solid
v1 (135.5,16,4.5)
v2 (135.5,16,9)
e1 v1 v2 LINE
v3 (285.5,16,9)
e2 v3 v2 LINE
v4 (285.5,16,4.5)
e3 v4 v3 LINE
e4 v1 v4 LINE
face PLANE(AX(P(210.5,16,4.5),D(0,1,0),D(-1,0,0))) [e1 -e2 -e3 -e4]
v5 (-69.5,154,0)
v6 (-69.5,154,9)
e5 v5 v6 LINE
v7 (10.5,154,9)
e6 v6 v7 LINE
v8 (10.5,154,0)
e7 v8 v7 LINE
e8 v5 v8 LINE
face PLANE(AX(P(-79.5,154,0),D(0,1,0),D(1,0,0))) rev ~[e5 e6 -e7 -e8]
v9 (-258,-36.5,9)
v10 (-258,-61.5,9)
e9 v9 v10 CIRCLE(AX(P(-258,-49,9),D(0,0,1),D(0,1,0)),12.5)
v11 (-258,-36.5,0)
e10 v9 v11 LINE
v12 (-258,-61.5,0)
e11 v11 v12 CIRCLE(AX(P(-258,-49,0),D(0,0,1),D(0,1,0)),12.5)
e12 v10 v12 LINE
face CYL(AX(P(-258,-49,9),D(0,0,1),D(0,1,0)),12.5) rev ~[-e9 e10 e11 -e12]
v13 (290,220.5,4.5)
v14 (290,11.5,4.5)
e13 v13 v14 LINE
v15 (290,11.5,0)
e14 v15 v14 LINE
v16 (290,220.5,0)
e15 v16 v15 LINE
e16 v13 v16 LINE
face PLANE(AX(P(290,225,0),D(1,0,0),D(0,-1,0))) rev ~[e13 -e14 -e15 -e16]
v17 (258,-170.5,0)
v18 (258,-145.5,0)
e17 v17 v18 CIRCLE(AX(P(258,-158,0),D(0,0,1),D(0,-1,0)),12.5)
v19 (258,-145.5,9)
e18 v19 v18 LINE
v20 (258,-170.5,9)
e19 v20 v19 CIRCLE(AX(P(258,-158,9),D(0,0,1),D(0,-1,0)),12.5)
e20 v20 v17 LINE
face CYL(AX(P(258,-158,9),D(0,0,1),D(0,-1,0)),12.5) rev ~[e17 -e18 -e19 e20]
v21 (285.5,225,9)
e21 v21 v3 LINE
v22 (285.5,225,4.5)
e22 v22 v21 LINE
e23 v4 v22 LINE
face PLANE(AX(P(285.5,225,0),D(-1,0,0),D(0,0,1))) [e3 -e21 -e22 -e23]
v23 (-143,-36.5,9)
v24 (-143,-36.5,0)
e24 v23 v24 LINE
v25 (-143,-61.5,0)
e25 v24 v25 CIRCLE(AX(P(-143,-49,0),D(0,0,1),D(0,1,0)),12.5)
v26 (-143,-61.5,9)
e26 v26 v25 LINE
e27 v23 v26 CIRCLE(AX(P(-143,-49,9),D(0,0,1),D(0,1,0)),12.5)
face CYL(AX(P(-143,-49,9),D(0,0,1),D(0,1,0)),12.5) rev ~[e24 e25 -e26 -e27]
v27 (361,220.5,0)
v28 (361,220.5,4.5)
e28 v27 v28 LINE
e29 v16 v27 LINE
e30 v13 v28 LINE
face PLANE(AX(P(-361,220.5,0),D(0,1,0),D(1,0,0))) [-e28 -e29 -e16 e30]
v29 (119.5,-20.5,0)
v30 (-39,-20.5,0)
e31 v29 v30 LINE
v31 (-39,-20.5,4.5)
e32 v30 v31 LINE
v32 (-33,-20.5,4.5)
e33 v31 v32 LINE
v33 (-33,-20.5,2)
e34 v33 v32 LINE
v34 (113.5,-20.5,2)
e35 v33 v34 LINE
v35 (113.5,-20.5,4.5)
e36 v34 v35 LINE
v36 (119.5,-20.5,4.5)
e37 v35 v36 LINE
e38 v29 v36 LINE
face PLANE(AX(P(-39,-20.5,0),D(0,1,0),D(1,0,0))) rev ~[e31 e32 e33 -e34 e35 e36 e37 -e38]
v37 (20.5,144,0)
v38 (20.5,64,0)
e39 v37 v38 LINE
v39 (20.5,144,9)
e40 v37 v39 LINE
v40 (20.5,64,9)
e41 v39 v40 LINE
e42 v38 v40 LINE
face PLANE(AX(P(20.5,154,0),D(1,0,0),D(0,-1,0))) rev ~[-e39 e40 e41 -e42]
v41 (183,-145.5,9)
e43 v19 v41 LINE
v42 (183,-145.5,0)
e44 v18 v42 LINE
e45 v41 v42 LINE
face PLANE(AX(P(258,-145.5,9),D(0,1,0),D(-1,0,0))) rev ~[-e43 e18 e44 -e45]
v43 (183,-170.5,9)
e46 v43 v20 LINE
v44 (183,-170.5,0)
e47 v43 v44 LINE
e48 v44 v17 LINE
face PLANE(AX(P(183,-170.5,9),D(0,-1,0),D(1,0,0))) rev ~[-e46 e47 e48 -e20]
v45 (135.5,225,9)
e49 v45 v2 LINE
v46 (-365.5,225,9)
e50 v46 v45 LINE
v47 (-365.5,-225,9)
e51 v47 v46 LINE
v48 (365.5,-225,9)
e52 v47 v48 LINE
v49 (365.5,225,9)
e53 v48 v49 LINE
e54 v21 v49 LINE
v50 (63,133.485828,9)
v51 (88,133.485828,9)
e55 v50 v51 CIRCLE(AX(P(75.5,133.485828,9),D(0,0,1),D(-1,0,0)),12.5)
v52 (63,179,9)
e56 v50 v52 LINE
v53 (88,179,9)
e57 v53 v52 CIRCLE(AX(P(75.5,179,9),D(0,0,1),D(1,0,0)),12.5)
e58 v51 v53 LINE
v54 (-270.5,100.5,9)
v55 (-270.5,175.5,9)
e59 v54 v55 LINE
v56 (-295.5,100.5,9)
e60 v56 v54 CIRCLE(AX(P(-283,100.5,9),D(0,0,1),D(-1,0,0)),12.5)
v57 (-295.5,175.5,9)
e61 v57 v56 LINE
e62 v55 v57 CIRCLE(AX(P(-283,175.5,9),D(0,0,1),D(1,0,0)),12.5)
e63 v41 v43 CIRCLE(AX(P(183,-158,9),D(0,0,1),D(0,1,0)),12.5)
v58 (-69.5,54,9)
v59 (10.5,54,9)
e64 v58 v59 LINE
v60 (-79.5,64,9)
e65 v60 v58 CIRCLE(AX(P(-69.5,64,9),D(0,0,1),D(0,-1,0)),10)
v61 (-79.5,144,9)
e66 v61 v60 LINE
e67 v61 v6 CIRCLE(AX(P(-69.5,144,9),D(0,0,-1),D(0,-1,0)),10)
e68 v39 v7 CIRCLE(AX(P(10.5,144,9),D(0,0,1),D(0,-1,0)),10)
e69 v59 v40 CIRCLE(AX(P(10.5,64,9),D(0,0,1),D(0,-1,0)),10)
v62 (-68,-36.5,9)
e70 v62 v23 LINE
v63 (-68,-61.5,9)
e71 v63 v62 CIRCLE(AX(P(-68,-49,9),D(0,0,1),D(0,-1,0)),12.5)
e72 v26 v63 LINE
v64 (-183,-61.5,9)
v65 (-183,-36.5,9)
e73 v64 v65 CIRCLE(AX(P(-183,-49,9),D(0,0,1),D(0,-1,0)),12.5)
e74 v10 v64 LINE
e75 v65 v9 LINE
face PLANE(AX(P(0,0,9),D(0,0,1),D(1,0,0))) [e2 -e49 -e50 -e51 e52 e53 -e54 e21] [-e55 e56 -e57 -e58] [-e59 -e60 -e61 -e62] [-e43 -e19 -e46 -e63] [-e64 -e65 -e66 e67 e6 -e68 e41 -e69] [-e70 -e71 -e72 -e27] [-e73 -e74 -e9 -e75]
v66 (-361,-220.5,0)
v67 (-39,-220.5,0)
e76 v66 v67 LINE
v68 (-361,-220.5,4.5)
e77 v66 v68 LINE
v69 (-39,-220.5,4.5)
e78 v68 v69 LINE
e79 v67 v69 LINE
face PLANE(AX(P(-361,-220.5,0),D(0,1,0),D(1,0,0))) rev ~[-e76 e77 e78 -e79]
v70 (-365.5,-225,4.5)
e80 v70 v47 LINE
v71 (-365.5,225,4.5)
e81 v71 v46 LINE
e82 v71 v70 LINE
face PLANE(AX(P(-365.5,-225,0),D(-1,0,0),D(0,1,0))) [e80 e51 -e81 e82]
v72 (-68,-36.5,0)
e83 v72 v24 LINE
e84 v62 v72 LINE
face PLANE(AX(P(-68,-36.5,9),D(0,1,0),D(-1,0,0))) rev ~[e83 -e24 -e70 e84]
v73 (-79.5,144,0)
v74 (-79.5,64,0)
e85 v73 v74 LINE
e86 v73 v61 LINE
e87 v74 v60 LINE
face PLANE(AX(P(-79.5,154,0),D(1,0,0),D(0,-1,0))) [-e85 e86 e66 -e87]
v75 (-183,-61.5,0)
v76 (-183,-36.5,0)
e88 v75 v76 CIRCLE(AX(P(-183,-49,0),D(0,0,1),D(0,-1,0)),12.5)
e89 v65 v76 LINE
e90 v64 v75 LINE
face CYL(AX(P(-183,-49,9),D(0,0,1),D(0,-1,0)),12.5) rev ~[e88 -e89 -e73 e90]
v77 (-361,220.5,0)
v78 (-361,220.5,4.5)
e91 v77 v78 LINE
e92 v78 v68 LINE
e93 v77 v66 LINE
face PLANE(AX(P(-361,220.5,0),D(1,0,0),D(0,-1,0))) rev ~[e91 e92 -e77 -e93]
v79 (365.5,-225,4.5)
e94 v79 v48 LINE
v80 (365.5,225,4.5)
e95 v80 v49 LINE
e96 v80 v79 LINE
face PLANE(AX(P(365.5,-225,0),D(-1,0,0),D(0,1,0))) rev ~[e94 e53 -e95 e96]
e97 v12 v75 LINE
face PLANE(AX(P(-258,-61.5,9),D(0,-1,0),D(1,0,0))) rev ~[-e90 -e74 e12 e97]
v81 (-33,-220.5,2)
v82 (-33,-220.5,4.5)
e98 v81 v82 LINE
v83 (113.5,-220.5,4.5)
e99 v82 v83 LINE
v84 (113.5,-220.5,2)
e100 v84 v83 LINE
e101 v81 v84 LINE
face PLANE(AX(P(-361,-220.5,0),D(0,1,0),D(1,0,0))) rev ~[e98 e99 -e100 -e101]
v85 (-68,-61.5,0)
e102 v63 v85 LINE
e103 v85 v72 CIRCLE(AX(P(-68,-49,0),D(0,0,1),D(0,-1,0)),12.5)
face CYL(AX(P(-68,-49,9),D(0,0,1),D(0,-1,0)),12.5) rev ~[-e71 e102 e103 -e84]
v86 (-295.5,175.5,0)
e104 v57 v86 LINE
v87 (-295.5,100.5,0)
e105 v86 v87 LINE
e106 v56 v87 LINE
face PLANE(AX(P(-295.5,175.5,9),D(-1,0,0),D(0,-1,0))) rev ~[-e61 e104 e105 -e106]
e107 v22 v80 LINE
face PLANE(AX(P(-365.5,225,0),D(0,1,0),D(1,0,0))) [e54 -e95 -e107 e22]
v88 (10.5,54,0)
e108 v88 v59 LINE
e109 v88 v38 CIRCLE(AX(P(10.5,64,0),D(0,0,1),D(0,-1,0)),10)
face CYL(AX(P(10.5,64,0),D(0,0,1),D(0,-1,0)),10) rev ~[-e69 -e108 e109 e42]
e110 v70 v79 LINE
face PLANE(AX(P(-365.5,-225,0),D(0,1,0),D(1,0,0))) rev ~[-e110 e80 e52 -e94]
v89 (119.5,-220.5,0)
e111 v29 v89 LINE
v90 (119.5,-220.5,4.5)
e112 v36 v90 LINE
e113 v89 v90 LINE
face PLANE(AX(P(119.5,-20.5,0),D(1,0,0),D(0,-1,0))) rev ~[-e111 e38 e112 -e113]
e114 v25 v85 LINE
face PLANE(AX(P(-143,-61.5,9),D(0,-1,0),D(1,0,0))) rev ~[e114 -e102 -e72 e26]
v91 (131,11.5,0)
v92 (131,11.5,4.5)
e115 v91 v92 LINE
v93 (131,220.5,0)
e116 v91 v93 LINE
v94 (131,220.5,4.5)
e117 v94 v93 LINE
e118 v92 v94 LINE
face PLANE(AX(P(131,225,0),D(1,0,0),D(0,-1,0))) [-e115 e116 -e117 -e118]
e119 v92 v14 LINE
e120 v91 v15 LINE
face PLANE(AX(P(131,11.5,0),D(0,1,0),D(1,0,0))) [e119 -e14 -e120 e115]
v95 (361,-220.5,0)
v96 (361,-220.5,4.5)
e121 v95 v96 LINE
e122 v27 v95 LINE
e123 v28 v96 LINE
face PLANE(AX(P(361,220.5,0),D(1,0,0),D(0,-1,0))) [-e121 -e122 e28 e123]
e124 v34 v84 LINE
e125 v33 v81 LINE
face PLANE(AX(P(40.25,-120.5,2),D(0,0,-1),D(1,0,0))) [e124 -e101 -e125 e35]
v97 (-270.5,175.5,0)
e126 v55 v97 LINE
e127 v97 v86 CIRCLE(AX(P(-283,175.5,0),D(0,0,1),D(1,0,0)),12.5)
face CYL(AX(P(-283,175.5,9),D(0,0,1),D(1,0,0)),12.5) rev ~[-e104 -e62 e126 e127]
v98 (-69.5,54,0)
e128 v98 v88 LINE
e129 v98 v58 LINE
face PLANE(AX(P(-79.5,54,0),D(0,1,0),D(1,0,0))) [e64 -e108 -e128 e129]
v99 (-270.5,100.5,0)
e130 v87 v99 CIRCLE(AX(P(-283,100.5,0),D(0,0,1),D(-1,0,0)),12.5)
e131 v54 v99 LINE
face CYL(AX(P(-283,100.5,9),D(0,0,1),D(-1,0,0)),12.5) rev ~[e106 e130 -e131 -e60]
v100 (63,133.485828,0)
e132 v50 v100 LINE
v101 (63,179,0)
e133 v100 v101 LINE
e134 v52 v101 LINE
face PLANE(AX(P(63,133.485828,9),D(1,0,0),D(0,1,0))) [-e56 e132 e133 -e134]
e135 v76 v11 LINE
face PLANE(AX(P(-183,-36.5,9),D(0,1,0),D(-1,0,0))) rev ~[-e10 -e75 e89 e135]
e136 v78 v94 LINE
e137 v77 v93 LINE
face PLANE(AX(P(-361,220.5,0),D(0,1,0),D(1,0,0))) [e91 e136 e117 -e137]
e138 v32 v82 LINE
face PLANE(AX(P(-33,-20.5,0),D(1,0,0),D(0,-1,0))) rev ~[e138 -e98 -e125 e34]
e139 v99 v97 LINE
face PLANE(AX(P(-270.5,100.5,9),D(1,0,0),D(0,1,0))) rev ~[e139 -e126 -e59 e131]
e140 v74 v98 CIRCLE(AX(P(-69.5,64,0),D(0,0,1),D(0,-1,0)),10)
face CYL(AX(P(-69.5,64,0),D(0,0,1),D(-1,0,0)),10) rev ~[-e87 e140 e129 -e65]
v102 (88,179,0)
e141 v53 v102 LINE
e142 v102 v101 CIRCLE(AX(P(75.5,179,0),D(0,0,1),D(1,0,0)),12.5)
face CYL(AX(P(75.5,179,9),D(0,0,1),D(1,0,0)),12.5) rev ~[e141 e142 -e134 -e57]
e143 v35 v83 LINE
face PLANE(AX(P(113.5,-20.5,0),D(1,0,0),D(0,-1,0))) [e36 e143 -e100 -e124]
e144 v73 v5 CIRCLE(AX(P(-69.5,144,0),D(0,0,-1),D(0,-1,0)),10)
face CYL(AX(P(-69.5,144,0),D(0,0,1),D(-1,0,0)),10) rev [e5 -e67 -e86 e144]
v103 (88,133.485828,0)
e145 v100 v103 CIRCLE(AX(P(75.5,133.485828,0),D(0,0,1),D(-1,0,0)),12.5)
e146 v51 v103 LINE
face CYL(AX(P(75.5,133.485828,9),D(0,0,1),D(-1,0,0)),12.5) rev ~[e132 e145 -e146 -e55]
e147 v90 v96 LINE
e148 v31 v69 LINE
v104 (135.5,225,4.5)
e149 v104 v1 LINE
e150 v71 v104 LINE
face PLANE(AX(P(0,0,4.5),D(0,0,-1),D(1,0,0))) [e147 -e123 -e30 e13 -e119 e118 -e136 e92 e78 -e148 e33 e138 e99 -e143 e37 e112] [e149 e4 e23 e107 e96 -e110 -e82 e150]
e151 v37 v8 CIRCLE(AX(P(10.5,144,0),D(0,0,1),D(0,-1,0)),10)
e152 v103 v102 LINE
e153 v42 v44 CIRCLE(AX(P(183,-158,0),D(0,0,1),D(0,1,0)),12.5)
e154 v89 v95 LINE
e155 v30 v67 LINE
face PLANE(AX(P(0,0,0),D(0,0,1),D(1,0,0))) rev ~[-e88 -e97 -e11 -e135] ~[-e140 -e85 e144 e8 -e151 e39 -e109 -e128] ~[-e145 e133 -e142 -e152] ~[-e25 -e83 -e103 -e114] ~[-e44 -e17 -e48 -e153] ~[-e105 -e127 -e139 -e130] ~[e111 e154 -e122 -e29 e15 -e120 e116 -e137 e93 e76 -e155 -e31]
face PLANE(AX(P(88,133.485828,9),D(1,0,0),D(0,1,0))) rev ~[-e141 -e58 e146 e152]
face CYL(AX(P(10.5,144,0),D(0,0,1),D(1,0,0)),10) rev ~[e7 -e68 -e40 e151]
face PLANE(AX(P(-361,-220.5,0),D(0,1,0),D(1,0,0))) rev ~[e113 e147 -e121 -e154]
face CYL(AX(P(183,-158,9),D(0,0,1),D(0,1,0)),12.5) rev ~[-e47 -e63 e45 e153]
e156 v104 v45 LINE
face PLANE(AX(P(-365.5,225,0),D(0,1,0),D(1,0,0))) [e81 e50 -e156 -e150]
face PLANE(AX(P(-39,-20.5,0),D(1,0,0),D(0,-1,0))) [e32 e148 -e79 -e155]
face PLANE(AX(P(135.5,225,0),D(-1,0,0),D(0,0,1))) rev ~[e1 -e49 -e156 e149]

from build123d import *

# Parameters (mm, degrees)
F0_W      = 731
F0_H      = 450
F1_DEPTH  = 9
F2_W      = 731
F2_H      = 450
F2_W_2    = 722
F2_H_2    = 441
F3_DEPTH  = 4.5
F4_W      = 150
F4_H      = 9
F5_DEPTH  = 209
F6_W      = 4.5
F6_H      = 209
F7_DEPTH  = 4.5
F8_W      = 159
F8_H      = 4.5
F9_DEPTH  = 4.5
F10_W     = 25
F10_H     = 45.514172
F11_DEPTH = 9.001
F13_DEPTH = 9.001
F15_DEPTH = 9
F16_W     = 100
F16_H     = 100
F17_DEPTH = 9
F18_R     = 10
F20_DEPTH = 9
F21_W     = 6
F21_H     = 200
F22_DEPTH = 4.5
F23_W     = 146.5
F23_H     = 200
F24_DEPTH = 2


with BuildPart() as f1:
    # F0 (on Top) → F1 (new body)
    with BuildSketch(Plane.XY):
        Rectangle(F0_W, F0_H)
    extrude(amount=F1_DEPTH)

    # F2 (on face) → F3 (cut)
    with BuildSketch(Plane(origin=(0, 0, 0), x_dir=(1, 0, 0), z_dir=(0, 0, -1))):
        Rectangle(F2_W, F2_H)
        Rectangle(F2_W_2, F2_H_2, mode=Mode.SUBTRACT)
    extrude(amount=-F3_DEPTH, mode=Mode.SUBTRACT)

    # F4 (on face) → F5 (cut)
    with BuildSketch(Plane(origin=(0, 225, 0), x_dir=(-1, 0, 0), z_dir=(0, 1, 0))):
        with Locations((-210.5, 4.5)):
            Rectangle(F4_W, F4_H)
    extrude(amount=-F5_DEPTH, mode=Mode.SUBTRACT)

    # F6 (on face) → F7 (cut)
    with BuildSketch(Plane(origin=(0, 0, 0), x_dir=(1, 0, 0), z_dir=(0, 0, -1))):
        with Locations((133.25, -120.5)):
            Rectangle(F6_W, F6_H)
        with Locations((287.75, -120.5)):
            Rectangle(F6_W, F6_H)
    extrude(amount=-F7_DEPTH, mode=Mode.SUBTRACT)

    # F8 (on face) → F9 (cut)
    with BuildSketch(Plane(origin=(0, 0, 0), x_dir=(1, 0, 0), z_dir=(0, 0, -1))):
        with Locations((210.5, -13.75)):
            Rectangle(F8_W, F8_H)
    extrude(amount=-F9_DEPTH, mode=Mode.SUBTRACT)

    # F10 (on face) → F11 (cut, through all)
    with BuildSketch(Plane.XY.offset(9)):
        with BuildLine():
            Line((63, 179), (88, 179))
            ThreePointArc((88, 179), (75.5, 191.5), (63, 179))
        make_face()
        with Locations((75.5, 156.242914)):
            Rectangle(F10_W, F10_H)
        with BuildLine():
            ThreePointArc((63, 133.485828), (75.5, 120.985828), (88, 133.485828))
            Line((88, 133.485828), (63, 133.485828))
        make_face()
    extrude(amount=-F11_DEPTH, mode=Mode.SUBTRACT)

    # F12 (on face) → F13 (cut, through all)
    with BuildSketch(Plane.XY.offset(9)):
        with BuildLine():
            Line((-183, -36.5), (-258, -36.5))
            ThreePointArc((-258, -36.5), (-270.5, -49), (-258, -61.5))
            Line((-258, -61.5), (-183, -61.5))
            ThreePointArc((-183, -61.5), (-170.5, -49), (-183, -36.5))
        make_face()
        with BuildLine():
            Line((-68, -36.5), (-143, -36.5))
            ThreePointArc((-143, -36.5), (-155.5, -49), (-143, -61.5))
            Line((-143, -61.5), (-68, -61.5))
            ThreePointArc((-68, -61.5), (-55.5, -49), (-68, -36.5))
        make_face()
    extrude(amount=-F13_DEPTH, mode=Mode.SUBTRACT)

    # F14 (on face) → F15 (cut, through all)
    with BuildSketch(Plane.XY.offset(9)):
        with BuildLine():
            ThreePointArc((-270.5, 175.5), (-283, 188), (-295.5, 175.5))
            Line((-295.5, 175.5), (-295.5, 100.5))
            ThreePointArc((-295.5, 100.5), (-283, 88), (-270.5, 100.5))
            Line((-270.5, 100.5), (-270.5, 175.5))
        make_face()
    extrude(amount=-F15_DEPTH, mode=Mode.SUBTRACT)

    # F16 (on face) → F17 (cut, through all)
    with BuildSketch(Plane(origin=(0, 0, 0), x_dir=(1, 0, 0), z_dir=(0, 0, -1))):
        with Locations((-29.5, -104)):
            Rectangle(F16_W, F16_H)
    extrude(amount=-F17_DEPTH, mode=Mode.SUBTRACT)

    # F18
    f18_edges = [f1.edges().sort_by_distance(p)[0] for p in [
        (20.5, 154, 4.5),
        (-79.5, 154, 4.5),
        (-79.5, 54, 4.5),
        (20.5, 54, 4.5),
    ]]
    fillet(f18_edges, radius=F18_R)

    # F19 (on face) → F20 (cut, through all)
    with BuildSketch(Plane.XY.offset(9)):
        with BuildLine():
            ThreePointArc((258, -170.5), (270.5, -158), (258, -145.5))
            Line((258, -145.5), (183, -145.5))
            ThreePointArc((183, -145.5), (170.5, -158), (183, -170.5))
            Line((183, -170.5), (258, -170.5))
        make_face()
    extrude(amount=-F20_DEPTH, mode=Mode.SUBTRACT)

    # F21 (on face) → F22 (cut)
    with BuildSketch(Plane(origin=(0, 0, 0), x_dir=(1, 0, 0), z_dir=(0, 0, -1))):
        with Locations((-36, 120.5)):
            Rectangle(F21_W, F21_H)
        with Locations((116.5, 120.5)):
            Rectangle(F21_W, F21_H)
    extrude(amount=-F22_DEPTH, mode=Mode.SUBTRACT)

    # F23 (on face) → F24 (cut)
    with BuildSketch(Plane(origin=(0, 0, 0), x_dir=(1, 0, 0), z_dir=(0, 0, -1))):
        with Locations((40.25, 120.5)):
            Rectangle(F23_W, F23_H)
    extrude(amount=-F24_DEPTH, mode=Mode.SUBTRACT)


solid = f1.part
